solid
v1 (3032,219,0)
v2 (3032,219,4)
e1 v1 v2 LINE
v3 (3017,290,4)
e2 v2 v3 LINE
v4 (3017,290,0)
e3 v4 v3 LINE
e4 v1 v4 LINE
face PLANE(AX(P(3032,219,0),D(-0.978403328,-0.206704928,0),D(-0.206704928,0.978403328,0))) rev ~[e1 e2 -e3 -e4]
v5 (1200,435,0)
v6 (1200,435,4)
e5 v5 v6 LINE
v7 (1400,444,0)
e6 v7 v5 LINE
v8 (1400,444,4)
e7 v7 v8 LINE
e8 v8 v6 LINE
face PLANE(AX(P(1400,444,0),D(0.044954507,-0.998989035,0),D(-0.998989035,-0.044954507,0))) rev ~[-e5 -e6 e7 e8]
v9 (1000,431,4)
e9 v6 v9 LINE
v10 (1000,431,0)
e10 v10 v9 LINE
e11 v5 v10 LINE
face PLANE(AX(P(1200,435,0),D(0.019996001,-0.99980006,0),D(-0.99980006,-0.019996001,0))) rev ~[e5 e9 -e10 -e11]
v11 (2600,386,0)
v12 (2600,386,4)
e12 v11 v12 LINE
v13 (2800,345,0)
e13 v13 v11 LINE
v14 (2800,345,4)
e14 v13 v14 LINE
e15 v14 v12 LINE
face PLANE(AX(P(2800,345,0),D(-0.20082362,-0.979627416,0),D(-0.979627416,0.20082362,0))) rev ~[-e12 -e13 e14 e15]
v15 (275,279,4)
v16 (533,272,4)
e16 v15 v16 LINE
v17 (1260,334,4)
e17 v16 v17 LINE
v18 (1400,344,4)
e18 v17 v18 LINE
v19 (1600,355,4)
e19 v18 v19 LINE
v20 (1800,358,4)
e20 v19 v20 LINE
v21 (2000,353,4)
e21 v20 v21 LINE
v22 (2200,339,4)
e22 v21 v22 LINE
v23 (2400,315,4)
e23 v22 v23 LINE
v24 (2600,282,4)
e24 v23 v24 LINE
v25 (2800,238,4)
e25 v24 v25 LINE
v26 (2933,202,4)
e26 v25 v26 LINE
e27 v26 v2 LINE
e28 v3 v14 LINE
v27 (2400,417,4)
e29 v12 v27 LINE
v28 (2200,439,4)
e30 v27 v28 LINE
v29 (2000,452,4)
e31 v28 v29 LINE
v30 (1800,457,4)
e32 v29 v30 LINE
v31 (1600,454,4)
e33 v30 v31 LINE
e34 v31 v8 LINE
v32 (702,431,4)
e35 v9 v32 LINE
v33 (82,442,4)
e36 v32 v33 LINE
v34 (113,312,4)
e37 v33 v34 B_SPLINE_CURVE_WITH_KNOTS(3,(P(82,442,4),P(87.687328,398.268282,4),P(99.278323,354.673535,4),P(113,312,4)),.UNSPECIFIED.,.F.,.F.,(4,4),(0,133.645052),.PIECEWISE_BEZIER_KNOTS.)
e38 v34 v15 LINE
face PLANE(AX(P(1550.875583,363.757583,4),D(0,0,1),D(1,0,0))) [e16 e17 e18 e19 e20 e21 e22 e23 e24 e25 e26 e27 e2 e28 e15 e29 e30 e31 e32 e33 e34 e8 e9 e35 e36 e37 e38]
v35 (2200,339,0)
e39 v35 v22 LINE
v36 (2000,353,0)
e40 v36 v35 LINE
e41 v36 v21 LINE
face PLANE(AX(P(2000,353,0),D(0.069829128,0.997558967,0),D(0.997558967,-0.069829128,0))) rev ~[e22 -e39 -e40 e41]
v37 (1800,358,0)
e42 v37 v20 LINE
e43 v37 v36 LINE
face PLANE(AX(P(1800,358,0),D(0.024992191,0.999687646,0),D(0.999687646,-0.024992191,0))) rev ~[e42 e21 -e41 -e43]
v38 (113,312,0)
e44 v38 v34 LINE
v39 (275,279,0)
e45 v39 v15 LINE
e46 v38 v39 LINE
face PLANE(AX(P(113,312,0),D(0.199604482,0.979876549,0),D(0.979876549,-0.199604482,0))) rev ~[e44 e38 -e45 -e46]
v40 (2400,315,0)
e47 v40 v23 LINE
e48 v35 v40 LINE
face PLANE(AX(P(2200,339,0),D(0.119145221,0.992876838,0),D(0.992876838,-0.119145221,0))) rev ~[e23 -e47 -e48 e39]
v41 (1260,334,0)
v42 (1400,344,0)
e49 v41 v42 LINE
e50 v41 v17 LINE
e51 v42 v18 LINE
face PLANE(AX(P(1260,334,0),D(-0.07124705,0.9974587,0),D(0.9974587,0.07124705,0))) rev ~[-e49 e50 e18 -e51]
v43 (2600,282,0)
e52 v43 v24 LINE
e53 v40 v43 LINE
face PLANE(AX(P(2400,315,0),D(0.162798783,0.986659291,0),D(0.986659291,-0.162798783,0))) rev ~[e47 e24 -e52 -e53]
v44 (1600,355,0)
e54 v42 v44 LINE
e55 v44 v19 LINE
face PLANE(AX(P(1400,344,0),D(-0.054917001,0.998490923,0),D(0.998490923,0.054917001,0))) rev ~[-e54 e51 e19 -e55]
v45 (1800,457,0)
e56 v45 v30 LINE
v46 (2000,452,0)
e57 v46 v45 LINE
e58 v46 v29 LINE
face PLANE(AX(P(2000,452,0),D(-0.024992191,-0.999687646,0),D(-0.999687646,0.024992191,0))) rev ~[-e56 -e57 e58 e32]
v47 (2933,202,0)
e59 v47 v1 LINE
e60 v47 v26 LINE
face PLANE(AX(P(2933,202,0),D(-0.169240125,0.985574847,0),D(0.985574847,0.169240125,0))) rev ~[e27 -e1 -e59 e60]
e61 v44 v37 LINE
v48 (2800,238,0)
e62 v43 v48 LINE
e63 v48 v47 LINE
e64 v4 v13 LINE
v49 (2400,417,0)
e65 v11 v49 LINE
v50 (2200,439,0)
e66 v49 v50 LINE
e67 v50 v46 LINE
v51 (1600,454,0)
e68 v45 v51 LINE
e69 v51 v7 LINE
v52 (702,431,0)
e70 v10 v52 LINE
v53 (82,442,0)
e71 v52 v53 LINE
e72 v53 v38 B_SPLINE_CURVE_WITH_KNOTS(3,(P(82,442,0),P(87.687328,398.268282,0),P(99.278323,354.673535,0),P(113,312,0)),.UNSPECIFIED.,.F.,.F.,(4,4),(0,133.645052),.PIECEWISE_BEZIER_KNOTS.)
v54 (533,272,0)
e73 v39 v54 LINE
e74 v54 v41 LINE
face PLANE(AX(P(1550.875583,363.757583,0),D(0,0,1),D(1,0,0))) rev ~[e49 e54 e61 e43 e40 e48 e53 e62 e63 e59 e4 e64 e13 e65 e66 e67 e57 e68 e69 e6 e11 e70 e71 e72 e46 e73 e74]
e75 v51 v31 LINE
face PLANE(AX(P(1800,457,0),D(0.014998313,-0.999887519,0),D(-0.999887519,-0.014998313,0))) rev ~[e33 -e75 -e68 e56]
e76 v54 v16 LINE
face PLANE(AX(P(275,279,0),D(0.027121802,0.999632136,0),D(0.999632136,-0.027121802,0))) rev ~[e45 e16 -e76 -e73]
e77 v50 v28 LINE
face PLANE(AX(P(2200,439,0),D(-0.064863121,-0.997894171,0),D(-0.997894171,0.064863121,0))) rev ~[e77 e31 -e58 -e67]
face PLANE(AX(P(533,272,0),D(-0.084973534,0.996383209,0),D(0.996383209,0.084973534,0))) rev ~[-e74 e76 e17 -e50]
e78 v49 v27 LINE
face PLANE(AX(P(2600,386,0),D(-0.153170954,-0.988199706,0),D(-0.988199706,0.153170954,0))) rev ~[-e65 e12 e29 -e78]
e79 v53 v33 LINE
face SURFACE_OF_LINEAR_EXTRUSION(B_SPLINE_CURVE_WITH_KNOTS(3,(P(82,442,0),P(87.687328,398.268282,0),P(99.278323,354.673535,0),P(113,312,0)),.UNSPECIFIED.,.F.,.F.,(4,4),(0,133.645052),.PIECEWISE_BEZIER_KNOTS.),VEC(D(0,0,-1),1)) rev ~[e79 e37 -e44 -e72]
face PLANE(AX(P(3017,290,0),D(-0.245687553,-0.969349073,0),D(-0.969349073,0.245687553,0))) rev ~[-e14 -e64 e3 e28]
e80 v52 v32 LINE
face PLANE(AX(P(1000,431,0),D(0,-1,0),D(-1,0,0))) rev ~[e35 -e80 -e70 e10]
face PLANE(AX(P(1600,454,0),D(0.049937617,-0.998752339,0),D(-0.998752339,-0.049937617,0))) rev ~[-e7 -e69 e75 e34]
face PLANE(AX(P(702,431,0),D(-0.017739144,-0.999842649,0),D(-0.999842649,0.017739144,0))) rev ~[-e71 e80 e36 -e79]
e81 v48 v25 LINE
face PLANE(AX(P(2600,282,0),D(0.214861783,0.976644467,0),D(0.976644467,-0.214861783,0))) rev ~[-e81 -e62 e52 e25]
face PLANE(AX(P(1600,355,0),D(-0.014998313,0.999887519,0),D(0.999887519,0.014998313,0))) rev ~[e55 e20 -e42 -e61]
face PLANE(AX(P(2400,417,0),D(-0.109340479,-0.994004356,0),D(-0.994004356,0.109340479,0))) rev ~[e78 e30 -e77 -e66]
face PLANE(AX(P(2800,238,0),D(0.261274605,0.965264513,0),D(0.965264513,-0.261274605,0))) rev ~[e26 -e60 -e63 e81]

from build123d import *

# Parameters (mm, degrees)
F1_DEPTH = 4


with BuildPart() as f1:
    # F0 (on Top) → F1 (new body)
    with BuildSketch(Plane.XY):
        with BuildLine():
            Line((275, 279), (533, 272))
            Line((533, 272), (1260, 334))
            Line((1260, 334), (1400, 344))
            Line((1400, 344), (1600, 355))
            Line((1600, 355), (1800, 358))
            Line((1800, 358), (2000, 353))
            Line((2000, 353), (2200, 339))
            Line((2200, 339), (2400, 315))
            Line((2400, 315), (2600, 282))
            Line((2600, 282), (2800, 238))
            Line((2800, 238), (2933, 202))
            Line((2933, 202), (3032, 219))
            Line((3032, 219), (3017, 290))
            Line((3017, 290), (2800, 345))
            Line((2800, 345), (2600, 386))
            Line((2600, 386), (2400, 417))
            Line((2400, 417), (2200, 439))
            Line((2200, 439), (2000, 452))
            Line((2000, 452), (1800, 457))
            Line((1800, 457), (1600, 454))
            Line((1600, 454), (1400, 444))
            Line((1400, 444), (1200, 435))
            Line((1200, 435), (1000, 431))
            Line((1000, 431), (702, 431))
            Line((702, 431), (82, 442))
            add(Edge.make_bspline(
                [(82, 442), (87.687328, 398.268282), (99.278323, 354.673535), (113, 312)],
                knots=[0, 0, 0, 0, 133.645052, 133.645052, 133.645052, 133.645052], degree=3))
            Line((113, 312), (275, 279))
        make_face()
    extrude(amount=F1_DEPTH)


solid = f1.part
